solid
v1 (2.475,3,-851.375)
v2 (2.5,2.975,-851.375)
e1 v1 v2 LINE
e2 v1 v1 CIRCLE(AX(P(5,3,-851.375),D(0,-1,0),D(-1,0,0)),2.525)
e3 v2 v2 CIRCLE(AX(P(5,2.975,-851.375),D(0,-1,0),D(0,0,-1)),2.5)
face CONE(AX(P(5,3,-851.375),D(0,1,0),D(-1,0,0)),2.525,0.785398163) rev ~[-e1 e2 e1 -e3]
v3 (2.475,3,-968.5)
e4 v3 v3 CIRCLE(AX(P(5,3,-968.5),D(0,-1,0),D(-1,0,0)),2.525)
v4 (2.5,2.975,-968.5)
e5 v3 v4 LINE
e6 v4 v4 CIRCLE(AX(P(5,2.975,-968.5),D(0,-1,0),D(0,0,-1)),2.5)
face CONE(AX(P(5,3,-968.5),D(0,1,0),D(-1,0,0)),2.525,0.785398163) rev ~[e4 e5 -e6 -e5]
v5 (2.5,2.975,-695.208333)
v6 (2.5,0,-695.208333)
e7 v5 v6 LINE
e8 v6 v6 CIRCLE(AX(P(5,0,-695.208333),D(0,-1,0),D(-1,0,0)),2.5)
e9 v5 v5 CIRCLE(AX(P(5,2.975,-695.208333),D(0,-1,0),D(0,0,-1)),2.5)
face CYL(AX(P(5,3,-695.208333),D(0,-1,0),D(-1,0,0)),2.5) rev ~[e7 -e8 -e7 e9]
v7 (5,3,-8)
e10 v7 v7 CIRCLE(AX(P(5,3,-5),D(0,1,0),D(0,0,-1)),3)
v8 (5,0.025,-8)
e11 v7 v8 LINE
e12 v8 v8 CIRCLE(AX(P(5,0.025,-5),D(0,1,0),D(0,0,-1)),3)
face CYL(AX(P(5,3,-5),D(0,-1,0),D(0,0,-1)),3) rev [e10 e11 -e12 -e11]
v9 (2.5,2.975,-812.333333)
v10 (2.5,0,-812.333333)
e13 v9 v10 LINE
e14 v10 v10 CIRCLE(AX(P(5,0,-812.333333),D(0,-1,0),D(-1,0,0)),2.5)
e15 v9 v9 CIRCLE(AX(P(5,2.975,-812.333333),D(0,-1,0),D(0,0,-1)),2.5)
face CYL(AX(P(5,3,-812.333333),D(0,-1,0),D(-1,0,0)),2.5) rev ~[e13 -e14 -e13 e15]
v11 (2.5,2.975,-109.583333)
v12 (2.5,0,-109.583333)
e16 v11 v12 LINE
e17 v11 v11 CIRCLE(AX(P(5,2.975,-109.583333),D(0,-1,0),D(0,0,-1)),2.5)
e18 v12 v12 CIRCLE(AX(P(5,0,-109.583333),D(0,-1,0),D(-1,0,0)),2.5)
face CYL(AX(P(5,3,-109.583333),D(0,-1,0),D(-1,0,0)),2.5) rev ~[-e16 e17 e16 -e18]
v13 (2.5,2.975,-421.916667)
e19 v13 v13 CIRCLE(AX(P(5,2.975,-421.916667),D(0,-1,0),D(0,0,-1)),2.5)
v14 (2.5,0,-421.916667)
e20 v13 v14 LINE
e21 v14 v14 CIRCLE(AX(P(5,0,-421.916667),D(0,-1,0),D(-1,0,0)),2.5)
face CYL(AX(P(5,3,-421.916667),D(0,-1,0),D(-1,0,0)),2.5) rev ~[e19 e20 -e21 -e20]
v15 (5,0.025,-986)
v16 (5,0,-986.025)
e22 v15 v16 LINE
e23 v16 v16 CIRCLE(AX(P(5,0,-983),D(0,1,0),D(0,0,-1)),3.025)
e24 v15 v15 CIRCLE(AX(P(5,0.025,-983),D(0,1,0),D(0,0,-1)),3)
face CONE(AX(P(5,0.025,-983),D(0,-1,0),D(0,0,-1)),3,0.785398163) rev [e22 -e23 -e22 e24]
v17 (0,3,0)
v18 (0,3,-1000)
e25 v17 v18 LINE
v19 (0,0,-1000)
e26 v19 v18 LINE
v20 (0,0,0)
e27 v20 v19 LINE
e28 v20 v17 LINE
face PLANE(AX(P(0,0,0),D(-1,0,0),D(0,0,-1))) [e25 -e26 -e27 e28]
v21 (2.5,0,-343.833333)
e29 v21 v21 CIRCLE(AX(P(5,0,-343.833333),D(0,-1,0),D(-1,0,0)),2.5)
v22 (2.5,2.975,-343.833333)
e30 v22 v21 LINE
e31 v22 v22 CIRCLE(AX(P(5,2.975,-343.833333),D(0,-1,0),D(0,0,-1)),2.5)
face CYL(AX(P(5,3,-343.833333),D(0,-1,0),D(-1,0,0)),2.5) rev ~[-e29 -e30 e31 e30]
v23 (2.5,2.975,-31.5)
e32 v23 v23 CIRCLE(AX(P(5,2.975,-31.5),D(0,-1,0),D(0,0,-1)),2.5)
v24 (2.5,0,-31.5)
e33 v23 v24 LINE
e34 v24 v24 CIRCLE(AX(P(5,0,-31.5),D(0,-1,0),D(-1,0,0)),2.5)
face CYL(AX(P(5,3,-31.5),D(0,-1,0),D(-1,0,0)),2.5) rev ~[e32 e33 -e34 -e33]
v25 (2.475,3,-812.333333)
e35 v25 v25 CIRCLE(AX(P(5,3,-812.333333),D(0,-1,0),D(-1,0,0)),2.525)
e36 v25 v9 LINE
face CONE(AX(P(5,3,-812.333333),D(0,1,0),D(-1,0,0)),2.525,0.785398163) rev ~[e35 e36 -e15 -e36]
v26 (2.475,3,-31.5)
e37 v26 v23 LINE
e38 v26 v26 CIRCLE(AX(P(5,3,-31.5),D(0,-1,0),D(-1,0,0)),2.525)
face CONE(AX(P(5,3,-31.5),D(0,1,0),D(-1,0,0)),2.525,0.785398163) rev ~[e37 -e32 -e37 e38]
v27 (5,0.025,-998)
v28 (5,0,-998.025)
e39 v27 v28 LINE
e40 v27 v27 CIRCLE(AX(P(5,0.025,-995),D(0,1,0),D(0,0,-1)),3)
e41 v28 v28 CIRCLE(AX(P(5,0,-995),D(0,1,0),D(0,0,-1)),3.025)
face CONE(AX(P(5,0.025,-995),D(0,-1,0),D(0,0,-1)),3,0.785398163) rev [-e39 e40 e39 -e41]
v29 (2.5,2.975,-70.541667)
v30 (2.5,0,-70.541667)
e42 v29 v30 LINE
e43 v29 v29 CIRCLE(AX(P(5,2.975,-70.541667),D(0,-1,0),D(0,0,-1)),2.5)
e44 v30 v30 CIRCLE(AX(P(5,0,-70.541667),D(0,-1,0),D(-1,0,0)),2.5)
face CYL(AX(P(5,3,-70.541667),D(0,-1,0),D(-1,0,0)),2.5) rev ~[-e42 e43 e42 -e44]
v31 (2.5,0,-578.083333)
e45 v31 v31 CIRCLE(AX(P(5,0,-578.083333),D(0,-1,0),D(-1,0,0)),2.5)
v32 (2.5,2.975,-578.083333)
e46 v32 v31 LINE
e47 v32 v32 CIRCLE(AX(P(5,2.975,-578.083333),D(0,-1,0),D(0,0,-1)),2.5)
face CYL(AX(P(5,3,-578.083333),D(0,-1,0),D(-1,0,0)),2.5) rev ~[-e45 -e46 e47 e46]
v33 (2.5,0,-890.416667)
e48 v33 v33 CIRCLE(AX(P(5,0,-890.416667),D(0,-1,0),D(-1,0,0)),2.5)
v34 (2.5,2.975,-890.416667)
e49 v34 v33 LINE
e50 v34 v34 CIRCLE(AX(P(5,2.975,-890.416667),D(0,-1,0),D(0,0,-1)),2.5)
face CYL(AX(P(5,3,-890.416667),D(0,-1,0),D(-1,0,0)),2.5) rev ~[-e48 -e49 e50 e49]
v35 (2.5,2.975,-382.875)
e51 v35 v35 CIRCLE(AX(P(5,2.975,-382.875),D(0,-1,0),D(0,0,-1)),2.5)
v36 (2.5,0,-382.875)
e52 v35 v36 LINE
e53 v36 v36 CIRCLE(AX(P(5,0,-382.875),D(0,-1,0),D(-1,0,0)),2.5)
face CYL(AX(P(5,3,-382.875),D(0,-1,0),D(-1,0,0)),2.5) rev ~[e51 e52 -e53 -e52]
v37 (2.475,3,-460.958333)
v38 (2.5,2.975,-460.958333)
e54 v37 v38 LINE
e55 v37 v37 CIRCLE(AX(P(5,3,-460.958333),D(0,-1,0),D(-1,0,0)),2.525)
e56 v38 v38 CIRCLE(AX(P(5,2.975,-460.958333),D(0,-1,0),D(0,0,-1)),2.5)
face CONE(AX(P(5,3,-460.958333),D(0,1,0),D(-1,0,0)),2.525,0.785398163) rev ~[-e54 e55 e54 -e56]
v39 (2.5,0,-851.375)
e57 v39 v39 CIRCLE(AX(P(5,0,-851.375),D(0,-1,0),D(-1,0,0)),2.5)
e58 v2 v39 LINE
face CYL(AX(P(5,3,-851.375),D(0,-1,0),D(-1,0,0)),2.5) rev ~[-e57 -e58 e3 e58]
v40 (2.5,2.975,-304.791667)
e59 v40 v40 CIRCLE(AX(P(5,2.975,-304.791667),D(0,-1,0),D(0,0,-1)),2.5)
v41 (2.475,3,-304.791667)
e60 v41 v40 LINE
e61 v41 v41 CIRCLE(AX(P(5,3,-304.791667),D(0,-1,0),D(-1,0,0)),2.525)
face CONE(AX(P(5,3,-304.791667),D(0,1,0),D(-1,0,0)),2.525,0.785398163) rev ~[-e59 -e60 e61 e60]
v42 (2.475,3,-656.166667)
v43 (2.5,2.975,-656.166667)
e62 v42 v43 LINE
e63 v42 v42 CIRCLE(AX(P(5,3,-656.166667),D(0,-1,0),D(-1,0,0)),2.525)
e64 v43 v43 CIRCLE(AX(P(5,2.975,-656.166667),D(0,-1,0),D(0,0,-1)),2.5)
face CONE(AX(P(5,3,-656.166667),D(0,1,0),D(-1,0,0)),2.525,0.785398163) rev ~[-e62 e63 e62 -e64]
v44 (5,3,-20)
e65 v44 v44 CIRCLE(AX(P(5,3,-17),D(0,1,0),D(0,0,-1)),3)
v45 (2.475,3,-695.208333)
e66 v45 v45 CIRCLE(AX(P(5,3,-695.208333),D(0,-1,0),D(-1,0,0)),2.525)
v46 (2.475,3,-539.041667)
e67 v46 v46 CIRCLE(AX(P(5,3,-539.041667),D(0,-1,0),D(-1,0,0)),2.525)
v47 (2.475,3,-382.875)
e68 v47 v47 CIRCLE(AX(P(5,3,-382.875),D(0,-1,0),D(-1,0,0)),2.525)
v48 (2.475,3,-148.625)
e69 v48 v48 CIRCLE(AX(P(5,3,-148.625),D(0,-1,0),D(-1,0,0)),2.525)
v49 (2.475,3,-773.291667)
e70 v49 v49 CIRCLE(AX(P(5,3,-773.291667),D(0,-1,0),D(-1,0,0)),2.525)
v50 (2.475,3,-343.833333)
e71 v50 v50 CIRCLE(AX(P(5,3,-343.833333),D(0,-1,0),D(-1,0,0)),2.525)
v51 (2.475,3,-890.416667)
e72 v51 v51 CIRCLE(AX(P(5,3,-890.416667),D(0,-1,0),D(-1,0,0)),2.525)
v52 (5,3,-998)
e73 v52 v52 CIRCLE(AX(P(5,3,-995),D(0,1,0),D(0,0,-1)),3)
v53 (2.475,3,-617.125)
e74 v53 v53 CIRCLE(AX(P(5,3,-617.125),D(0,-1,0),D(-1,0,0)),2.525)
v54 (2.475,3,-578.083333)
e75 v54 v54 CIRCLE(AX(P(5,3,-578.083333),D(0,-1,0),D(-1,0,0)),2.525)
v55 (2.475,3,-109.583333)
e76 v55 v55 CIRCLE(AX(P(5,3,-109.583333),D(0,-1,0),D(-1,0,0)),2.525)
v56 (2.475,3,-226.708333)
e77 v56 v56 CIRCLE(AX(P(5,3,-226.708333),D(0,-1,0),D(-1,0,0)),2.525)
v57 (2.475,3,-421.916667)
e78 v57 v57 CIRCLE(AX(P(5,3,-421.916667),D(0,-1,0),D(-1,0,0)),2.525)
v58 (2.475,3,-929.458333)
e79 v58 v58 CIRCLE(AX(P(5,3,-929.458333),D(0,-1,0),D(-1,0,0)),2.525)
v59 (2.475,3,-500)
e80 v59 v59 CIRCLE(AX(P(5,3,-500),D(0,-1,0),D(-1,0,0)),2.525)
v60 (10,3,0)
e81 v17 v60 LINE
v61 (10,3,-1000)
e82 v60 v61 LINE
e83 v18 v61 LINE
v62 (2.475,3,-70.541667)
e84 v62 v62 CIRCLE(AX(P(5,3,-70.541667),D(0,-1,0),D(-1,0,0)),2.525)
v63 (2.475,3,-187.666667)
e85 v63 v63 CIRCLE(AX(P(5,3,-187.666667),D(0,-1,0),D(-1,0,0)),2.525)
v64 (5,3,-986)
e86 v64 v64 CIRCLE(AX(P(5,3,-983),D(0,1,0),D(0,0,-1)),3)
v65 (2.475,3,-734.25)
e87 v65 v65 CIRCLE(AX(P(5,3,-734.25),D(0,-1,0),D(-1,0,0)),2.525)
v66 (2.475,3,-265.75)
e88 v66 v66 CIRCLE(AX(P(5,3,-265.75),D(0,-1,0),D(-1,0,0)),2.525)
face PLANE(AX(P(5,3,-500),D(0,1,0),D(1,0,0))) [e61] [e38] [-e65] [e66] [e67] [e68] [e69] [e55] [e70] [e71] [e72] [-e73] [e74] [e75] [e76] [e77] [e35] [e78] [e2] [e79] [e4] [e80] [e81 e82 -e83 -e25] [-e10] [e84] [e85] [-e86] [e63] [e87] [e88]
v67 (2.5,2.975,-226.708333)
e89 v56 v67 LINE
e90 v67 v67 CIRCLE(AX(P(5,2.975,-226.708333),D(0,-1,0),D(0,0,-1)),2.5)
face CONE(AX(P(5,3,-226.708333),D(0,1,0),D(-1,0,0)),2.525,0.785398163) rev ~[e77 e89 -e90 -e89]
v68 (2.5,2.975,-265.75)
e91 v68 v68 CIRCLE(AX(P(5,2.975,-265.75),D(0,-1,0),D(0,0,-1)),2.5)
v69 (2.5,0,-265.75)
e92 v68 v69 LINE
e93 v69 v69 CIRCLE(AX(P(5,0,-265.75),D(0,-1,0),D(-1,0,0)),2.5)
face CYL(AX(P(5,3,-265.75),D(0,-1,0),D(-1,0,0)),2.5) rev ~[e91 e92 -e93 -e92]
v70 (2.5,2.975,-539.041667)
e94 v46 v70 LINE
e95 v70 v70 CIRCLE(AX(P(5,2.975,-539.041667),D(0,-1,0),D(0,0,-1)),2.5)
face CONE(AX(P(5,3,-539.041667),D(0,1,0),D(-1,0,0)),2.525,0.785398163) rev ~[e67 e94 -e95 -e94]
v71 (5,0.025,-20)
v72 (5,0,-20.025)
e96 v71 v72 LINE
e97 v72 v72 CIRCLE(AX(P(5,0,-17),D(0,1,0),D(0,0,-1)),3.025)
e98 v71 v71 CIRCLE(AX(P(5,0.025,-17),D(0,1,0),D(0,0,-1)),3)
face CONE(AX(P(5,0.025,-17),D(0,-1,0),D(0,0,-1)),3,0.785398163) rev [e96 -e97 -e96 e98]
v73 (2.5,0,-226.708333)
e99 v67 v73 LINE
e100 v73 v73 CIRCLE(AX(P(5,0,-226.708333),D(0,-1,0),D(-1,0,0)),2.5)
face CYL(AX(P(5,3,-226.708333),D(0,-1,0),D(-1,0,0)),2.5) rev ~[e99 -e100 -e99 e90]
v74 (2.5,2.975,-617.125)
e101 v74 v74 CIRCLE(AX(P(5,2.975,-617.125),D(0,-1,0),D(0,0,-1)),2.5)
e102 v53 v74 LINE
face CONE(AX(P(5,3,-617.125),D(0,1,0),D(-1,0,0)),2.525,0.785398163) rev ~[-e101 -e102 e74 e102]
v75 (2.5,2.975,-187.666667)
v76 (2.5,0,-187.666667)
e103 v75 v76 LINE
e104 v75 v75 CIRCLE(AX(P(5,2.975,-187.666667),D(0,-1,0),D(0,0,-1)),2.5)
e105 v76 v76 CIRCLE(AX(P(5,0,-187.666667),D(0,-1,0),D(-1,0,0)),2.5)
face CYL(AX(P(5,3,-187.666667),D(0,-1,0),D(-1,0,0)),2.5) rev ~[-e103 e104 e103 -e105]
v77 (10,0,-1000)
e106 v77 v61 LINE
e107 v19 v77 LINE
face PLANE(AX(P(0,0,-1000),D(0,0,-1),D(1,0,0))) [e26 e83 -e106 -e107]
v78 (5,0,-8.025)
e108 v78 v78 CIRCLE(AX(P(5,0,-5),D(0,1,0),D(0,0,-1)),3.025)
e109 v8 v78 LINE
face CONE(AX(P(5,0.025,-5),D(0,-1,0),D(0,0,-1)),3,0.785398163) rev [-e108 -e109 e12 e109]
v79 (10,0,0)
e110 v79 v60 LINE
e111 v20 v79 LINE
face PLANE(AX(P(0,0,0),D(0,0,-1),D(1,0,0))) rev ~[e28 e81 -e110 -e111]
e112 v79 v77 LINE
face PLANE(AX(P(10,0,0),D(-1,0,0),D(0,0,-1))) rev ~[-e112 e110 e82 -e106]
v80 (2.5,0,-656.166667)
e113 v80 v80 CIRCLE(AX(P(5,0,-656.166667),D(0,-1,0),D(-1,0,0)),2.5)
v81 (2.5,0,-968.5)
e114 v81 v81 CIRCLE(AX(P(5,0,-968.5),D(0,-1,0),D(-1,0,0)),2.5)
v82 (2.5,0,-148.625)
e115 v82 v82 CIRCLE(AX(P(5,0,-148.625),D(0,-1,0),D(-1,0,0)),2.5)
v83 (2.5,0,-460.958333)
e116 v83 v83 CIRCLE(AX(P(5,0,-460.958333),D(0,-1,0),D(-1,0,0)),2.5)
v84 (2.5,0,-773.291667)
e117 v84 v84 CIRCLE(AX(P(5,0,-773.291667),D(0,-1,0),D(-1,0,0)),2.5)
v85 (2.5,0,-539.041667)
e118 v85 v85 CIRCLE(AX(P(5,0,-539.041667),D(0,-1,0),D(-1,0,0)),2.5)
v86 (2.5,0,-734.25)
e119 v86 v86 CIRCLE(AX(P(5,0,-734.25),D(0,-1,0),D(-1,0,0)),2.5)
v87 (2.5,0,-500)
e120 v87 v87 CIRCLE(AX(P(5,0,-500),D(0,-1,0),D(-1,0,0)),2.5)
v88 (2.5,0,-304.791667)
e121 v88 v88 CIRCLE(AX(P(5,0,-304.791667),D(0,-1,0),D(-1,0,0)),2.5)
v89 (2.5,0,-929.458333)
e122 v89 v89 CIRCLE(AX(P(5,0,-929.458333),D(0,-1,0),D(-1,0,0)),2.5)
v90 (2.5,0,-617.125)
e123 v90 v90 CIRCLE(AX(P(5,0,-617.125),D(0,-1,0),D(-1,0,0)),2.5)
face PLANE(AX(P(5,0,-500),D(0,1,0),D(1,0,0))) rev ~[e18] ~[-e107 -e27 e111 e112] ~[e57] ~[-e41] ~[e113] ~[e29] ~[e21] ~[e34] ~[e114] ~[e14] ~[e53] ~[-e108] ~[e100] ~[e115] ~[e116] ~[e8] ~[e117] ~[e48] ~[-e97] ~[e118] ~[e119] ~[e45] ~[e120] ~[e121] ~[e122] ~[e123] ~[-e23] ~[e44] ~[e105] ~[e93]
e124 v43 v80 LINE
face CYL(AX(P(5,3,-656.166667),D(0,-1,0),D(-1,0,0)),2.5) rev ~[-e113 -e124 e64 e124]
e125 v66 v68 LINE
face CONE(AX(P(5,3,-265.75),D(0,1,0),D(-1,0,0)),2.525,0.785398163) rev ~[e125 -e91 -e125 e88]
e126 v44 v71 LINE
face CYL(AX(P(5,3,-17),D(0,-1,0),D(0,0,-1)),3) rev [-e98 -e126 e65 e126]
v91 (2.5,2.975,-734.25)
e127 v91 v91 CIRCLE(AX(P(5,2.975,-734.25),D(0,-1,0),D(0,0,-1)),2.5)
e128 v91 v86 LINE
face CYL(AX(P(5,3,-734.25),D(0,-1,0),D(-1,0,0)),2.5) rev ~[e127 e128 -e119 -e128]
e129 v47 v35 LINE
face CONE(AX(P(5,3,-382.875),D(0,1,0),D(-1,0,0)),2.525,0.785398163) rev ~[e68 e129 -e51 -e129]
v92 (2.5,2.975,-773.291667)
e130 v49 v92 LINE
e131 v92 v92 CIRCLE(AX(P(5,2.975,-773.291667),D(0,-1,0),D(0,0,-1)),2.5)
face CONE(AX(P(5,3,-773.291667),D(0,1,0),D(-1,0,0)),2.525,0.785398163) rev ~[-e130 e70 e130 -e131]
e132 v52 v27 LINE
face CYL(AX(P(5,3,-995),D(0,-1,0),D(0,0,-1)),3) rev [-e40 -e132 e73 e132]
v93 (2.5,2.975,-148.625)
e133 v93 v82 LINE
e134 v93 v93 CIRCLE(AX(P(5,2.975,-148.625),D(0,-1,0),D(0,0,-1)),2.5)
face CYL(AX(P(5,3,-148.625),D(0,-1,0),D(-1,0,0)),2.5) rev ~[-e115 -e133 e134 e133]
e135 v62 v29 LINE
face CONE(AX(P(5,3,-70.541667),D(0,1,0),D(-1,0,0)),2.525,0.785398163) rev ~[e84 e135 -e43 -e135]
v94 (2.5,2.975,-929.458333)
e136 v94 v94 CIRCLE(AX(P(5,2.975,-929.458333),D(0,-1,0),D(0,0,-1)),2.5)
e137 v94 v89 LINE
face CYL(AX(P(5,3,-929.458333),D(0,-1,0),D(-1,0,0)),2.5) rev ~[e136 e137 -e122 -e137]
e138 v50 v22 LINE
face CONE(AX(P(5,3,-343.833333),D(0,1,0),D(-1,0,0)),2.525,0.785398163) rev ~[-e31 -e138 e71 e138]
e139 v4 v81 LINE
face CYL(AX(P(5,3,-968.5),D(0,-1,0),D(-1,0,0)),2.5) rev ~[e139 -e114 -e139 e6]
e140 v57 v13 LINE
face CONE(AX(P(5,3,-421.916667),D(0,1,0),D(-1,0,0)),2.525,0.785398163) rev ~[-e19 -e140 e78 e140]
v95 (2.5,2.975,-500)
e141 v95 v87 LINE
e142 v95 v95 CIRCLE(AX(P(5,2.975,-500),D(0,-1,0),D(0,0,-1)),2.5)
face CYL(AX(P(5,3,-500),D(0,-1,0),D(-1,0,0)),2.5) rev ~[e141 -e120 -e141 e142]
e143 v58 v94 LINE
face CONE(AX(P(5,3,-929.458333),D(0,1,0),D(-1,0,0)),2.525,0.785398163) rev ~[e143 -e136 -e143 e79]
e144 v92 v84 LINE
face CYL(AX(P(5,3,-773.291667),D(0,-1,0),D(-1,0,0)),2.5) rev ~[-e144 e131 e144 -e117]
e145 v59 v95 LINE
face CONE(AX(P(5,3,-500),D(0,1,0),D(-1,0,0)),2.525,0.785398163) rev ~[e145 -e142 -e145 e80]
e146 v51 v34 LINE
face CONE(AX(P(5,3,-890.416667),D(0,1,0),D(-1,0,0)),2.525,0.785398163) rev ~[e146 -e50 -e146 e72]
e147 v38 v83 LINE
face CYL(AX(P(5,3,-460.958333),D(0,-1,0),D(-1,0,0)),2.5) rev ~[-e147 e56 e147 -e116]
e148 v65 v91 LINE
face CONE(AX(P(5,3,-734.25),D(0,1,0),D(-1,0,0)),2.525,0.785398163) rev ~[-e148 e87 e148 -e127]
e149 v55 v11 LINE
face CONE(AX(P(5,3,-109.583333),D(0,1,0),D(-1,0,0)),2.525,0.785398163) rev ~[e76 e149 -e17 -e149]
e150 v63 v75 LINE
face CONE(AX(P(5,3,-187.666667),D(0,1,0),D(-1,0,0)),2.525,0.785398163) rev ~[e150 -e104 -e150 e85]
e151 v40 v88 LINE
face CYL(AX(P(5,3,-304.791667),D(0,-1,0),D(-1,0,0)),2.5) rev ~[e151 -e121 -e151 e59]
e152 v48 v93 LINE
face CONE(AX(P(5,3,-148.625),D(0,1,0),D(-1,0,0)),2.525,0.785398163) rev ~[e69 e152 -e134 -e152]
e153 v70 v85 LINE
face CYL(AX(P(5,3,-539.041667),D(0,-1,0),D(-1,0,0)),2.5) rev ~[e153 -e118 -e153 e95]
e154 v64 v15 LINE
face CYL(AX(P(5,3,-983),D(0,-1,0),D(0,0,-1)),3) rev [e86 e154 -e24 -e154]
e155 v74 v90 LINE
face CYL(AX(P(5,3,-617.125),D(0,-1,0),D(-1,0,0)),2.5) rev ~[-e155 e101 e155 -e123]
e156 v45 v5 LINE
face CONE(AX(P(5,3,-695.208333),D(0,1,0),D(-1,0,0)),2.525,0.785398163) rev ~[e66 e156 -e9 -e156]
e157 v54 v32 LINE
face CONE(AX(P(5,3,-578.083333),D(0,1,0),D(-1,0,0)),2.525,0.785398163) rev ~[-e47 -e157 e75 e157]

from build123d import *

# Parameters (mm, degrees)
SKETCH1_W                       = 10
SKETCH1_H                       = 1000
BOSS_EXTRUDE1_DEPTH             = 3
LPATTERN2_COUNT                 = 2
LPATTERN2_PITCH                 = 12
LPATTERN3_COUNT                 = 2
LPATTERN3_PITCH                 = 12
F_5_0MM_DOWEL_HOLE1_D           = 5
F_5_0MM_DOWEL_HOLE1_CSINK_D     = 5.05
F_5_0MM_DOWEL_HOLE1_CSINK_ANGLE = 90
LPATTERN1_COUNT                 = 25
LPATTERN1_PITCH                 = 39.041666667


with BuildPart() as part:
    # Sketch1 → Boss-Extrude1 (new body)
    with BuildSketch(Plane(origin=(0, 0, 0), x_dir=(1, 0, 0), z_dir=(0, 1, 0))):
        with Locations((5, 500)):
            Rectangle(SKETCH1_W, SKETCH1_H)
    extrude(amount=BOSS_EXTRUDE1_DEPTH)

    # Sketch13 → Tap Drill for M7x1.0 Tap1 (revolve, cut)
    with BuildSketch(Plane(origin=(5, 0, -5), x_dir=(0, 0, -1), z_dir=(1, 0, 0))):
        Polygon((0, 0), (0, 3), (3, 3), (3, 0.025), (3.025, 0), align=None)
    tap_drill_for_m7x1_0_tap1 = revolve(axis=Axis((5, -6.35, -5), (0, 1, 0)), mode=Mode.SUBTRACT)

    # LPattern2: Tap Drill for M7x1.0 Tap1 ×2
    with Locations(*[(0, 0, -i * LPATTERN2_PITCH) for i in range(1, LPATTERN2_COUNT)]):
        add(tap_drill_for_m7x1_0_tap1, mode=Mode.SUBTRACT)

    # Sketch15 → Tap Drill for M7x1.0 Tap2 (revolve, cut)
    with BuildSketch(Plane(origin=(5, 0, -995), x_dir=(0, 0, -1), z_dir=(1, 0, 0))):
        Polygon((0, 0), (0, 3), (3, 3), (3, 0.025), (3.025, 0), align=None)
    tap_drill_for_m7x1_0_tap2 = revolve(axis=Axis((5, -6.35, -995), (0, 1, 0)), mode=Mode.SUBTRACT)

    # LPattern3: Tap Drill for M7x1.0 Tap2 ×2
    with Locations(*[(0, 0, i * LPATTERN3_PITCH) for i in range(1, LPATTERN3_COUNT)]):
        add(tap_drill_for_m7x1_0_tap2, mode=Mode.SUBTRACT)

    # Ø5.0mm Dowel Hole1 (through all)
    with Locations(Plane(origin=(0, 3, 0), x_dir=(1, 0, 0), z_dir=(0, 1, 0))):
        with Locations((5, 31.5)):
            f_5_0mm_dowel_hole1 = CounterSinkHole(F_5_0MM_DOWEL_HOLE1_D / 2, F_5_0MM_DOWEL_HOLE1_CSINK_D / 2, counter_sink_angle=F_5_0MM_DOWEL_HOLE1_CSINK_ANGLE)

    # LPattern1: Ø5.0mm Dowel Hole1 ×25
    with Locations(*[(0, 0, -i * LPATTERN1_PITCH) for i in range(1, LPATTERN1_COUNT)]):
        add(f_5_0mm_dowel_hole1, mode=Mode.SUBTRACT)


solid = part.part
